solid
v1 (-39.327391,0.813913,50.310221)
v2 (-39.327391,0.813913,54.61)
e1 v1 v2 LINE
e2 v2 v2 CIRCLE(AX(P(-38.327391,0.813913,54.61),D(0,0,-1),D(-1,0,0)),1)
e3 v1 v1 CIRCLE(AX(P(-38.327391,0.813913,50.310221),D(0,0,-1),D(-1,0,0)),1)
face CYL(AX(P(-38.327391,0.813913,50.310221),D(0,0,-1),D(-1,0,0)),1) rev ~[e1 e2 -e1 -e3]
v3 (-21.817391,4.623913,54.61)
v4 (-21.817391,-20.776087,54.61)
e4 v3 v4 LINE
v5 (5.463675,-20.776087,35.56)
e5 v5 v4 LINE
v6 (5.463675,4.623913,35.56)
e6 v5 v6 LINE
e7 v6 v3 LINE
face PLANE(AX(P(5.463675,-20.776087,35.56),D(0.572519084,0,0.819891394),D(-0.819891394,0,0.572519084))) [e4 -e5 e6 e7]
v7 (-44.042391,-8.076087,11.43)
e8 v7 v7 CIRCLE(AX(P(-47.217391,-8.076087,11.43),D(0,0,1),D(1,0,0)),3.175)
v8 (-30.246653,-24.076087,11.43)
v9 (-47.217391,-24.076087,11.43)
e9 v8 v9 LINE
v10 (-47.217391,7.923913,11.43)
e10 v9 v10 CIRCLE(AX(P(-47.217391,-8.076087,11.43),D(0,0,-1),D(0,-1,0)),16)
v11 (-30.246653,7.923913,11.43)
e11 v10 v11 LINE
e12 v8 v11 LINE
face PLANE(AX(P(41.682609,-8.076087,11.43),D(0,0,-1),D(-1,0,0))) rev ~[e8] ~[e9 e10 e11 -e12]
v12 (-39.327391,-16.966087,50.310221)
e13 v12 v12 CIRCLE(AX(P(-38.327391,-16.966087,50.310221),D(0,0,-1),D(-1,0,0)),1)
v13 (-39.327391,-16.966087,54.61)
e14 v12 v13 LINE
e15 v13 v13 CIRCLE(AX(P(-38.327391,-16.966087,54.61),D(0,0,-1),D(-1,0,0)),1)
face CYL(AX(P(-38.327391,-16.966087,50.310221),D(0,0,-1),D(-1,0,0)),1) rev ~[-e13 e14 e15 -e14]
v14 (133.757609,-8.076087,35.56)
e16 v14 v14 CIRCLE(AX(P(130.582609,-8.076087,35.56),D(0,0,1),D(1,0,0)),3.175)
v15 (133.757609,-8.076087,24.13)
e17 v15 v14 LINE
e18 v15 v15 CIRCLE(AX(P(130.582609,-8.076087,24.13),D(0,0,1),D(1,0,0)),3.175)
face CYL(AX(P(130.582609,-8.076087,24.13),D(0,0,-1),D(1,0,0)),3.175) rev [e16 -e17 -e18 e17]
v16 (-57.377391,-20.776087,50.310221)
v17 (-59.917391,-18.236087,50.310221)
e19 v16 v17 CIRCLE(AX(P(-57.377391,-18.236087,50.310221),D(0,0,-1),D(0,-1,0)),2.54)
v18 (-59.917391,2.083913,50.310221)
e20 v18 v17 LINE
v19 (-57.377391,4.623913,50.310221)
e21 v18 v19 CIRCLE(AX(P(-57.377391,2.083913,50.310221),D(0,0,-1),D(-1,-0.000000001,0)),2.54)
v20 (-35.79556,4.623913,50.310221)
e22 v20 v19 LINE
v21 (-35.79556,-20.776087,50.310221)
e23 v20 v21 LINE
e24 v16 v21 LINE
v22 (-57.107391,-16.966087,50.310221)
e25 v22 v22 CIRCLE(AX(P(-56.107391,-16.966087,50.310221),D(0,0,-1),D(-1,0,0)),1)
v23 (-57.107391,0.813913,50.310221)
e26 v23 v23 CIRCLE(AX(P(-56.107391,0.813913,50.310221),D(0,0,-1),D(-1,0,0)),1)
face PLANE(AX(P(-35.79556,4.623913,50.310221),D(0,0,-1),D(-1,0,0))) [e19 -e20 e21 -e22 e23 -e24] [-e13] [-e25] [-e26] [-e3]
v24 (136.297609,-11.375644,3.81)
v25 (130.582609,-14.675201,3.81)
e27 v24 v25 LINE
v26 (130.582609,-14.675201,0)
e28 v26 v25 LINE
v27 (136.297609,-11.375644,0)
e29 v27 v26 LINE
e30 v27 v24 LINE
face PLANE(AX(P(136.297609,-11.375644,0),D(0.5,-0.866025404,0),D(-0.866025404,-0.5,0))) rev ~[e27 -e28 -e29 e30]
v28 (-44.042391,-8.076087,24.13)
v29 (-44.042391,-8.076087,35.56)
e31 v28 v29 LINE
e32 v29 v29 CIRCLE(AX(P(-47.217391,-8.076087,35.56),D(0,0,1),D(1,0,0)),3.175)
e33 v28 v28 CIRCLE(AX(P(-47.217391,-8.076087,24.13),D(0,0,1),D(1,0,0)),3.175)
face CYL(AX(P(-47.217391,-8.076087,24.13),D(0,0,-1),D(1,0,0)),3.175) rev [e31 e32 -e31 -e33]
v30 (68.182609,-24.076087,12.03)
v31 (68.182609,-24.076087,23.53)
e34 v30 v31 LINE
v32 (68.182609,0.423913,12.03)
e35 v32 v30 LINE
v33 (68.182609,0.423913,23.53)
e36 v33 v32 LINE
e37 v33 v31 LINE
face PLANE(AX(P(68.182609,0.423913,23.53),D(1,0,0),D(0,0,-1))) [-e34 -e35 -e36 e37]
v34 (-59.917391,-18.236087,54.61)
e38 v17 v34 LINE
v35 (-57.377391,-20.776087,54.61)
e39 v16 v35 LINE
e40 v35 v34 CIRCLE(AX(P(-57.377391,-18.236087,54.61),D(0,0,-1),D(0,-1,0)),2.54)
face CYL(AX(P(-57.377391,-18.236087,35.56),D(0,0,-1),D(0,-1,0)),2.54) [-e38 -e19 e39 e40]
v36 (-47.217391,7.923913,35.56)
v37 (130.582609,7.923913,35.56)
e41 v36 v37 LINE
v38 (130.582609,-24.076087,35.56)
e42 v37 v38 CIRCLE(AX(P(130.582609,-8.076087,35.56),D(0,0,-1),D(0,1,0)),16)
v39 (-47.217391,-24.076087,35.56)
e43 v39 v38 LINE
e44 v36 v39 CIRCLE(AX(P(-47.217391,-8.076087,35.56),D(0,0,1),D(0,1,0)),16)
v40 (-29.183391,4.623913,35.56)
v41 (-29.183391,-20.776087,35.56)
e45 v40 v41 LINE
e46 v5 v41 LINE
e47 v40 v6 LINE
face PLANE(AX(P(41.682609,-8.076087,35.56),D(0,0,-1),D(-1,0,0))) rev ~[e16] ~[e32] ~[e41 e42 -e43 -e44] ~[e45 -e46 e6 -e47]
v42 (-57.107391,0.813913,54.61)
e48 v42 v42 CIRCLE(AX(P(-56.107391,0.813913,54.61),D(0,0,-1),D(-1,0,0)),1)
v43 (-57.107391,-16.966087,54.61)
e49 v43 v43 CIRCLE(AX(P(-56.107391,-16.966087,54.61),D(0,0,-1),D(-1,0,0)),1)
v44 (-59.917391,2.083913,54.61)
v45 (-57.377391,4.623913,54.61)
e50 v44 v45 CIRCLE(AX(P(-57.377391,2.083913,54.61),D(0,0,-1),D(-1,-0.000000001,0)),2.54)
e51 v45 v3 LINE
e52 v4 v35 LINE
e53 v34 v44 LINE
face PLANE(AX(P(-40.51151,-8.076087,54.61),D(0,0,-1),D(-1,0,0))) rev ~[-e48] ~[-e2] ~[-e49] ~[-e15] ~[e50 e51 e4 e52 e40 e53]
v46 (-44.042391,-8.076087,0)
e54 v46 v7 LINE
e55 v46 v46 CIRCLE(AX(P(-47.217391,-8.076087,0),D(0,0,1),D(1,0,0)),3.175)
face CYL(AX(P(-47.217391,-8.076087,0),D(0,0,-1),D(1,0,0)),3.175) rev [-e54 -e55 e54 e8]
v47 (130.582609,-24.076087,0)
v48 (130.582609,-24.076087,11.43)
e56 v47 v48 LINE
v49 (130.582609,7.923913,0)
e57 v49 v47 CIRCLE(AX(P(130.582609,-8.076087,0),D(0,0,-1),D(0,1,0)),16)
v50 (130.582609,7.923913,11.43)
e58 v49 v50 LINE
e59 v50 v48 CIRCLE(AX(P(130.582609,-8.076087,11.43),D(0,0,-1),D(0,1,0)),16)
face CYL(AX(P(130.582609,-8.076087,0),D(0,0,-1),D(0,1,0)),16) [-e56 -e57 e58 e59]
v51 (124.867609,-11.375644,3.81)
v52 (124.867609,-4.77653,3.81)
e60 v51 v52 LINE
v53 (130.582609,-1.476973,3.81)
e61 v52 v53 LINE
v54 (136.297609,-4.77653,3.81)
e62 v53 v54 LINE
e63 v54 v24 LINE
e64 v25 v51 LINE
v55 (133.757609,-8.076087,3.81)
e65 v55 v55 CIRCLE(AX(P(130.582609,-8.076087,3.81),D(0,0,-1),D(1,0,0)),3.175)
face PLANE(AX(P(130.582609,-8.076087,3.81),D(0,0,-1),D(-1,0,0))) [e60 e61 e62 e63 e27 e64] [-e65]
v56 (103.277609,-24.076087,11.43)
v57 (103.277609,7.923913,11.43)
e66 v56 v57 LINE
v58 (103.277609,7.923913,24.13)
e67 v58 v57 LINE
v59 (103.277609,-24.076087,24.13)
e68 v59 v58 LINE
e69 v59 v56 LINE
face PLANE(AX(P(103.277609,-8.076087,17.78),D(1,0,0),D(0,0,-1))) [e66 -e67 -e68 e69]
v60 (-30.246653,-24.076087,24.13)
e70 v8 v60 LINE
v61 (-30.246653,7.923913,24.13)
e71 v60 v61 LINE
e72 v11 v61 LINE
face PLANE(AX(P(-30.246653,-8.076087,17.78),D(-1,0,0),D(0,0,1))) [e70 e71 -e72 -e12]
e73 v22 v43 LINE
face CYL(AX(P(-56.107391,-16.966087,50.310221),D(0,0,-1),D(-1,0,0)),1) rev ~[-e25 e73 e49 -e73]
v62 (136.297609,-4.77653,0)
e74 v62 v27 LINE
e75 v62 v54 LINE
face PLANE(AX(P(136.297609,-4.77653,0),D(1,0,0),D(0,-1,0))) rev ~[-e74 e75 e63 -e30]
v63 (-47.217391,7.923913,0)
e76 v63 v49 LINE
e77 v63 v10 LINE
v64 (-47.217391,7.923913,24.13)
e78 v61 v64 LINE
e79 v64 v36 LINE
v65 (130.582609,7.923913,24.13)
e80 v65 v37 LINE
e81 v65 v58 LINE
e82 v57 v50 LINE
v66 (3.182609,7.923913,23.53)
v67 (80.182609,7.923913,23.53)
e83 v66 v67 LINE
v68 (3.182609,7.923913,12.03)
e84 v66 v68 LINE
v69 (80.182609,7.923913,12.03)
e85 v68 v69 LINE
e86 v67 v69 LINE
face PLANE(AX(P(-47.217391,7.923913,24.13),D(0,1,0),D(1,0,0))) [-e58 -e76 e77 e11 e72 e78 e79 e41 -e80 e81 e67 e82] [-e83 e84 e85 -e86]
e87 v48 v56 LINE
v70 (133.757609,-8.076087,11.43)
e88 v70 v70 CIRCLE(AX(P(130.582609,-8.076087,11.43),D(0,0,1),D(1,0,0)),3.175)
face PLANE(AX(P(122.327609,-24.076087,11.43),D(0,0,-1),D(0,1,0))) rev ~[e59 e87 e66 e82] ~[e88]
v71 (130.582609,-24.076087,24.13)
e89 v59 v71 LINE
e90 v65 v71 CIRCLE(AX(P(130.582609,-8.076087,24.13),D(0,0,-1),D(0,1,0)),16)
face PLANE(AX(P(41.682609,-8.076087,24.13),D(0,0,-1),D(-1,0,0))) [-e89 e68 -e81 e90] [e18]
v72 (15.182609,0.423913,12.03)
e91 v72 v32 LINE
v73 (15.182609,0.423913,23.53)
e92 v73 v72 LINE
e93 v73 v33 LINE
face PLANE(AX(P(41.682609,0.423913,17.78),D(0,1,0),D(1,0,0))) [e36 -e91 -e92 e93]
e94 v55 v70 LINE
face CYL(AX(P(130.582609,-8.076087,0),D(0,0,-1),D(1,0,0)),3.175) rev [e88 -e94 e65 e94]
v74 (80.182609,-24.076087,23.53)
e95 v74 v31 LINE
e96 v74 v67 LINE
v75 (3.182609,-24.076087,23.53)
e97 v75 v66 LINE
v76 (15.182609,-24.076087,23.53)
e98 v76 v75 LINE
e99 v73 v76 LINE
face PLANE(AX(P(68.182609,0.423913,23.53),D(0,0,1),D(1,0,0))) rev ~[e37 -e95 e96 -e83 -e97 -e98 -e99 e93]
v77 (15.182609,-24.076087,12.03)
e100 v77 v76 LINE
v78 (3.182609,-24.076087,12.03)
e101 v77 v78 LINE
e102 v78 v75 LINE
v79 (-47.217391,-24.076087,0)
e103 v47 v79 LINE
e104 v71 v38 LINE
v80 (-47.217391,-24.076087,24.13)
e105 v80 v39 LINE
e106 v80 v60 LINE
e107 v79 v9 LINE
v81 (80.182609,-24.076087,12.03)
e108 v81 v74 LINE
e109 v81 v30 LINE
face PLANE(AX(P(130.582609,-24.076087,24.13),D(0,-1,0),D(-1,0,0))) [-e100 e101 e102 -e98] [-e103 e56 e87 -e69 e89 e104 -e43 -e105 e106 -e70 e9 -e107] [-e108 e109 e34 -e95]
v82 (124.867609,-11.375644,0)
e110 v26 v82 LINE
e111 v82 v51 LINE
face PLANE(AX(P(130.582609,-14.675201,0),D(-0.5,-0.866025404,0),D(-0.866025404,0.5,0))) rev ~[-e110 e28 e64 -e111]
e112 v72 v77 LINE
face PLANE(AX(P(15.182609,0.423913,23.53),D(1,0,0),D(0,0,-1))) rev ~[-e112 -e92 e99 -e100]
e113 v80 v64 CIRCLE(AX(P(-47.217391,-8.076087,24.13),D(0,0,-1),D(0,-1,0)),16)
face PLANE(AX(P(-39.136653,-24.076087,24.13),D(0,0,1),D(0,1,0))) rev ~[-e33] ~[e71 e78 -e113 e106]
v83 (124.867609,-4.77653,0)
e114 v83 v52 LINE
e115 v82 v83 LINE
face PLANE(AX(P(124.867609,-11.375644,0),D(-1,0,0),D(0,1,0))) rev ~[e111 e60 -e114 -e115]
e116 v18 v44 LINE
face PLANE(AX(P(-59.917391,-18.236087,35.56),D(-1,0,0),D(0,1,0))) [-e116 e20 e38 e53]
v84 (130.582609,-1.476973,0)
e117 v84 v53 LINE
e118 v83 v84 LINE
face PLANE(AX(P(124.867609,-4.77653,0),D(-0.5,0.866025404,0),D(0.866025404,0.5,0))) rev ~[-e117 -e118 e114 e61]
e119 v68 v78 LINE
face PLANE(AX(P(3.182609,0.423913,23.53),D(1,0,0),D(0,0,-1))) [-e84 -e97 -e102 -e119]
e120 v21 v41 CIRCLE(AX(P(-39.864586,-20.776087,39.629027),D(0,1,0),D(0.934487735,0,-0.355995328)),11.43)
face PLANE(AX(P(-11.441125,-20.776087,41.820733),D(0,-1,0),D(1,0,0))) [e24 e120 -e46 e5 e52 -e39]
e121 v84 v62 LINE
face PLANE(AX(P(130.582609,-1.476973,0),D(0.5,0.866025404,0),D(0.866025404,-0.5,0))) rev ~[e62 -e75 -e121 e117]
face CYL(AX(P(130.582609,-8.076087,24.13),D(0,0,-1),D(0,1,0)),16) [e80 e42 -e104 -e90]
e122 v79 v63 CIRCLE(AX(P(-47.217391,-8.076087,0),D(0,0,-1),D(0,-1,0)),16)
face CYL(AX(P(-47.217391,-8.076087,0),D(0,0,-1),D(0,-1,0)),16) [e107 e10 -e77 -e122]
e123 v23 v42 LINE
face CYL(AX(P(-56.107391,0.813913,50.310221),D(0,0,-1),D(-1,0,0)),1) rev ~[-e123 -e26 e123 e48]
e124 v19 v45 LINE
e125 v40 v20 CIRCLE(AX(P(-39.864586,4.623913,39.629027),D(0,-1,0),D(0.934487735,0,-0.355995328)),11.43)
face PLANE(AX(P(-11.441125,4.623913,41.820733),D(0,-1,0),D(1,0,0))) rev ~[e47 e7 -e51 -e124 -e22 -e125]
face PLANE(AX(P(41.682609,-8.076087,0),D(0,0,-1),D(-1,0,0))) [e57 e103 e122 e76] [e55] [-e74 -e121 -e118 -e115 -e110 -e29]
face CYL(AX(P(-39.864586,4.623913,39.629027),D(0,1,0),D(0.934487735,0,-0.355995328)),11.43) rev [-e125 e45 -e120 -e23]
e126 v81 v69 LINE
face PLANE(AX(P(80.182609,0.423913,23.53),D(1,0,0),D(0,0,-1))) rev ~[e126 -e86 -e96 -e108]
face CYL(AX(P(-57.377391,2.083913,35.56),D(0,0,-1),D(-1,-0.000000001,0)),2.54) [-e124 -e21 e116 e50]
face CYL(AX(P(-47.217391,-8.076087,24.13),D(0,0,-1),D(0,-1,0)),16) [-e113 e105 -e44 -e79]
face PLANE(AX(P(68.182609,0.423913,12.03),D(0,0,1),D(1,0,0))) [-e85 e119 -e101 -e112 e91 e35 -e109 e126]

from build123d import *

# Parameters (mm, degrees)
SKETCH1_R           = 3.175
BOSS_EXTRUDE1_DEPTH = 11.43
SKETCH2_W           = 161.464261653
SKETCH2_H           = 32
BOSS_EXTRUDE2_DEPTH = 12.7
SKETCH5_R           = 3.175
BOSS_EXTRUDE3_DEPTH = 11.43
SKETCH6_W           = 77
SKETCH6_H           = 11.5
CUT_EXTRUDE1_DEPTH  = 7.5
BOSS_EXTRUDE4_DEPTH = 19.05
CUT_EXTRUDE3_DEPTH  = 30.48
BOSS_EXTRUDE5_DEPTH = 25.4
SKETCH7_W           = 12
SKETCH7_H           = 11.5
CUT_EXTRUDE4_DEPTH  = 50.8
SKETCH7_5_W         = 12
SKETCH7_5_H         = 11.5
CUT_EXTRUDE5_DEPTH  = 50.8
SKETCH16_W          = 12.7
SKETCH16_H          = 32
CUT_EXTRUDE6_DEPTH  = 8.89
SKETCH17_R          = 1
CUT_EXTRUDE7_DEPTH  = 4.299778595
SKETCH18_W          = 12.7
SKETCH18_H          = 32
CUT_EXTRUDE8_DEPTH  = 19.05
CUT_EXTRUDE9_DEPTH  = 3.81


with BuildPart() as part:
    # Sketch1 → Boss-Extrude1 (new body)
    with BuildSketch(Plane.XY):
        with BuildLine():
            Line((-47.217391304, 7.923913043), (130.582608696, 7.923913043))
            ThreePointArc((130.582608696, 7.923913043), (146.582608696, -8.076086957), (130.582608696, -24.076086957))
            Line((130.582608696, -24.076086957), (-47.217391304, -24.076086957))
            ThreePointArc((-47.217391304, -24.076086957), (-63.217391304, -8.076086957), (-47.217391304, 7.923913043))
        make_face()
        with Locations((-47.217391304, -8.076086957)):
            Circle(SKETCH1_R, mode=Mode.SUBTRACT)
        with Locations((130.582608696, -8.076086957)):
            Circle(SKETCH1_R, mode=Mode.SUBTRACT)
    extrude(amount=BOSS_EXTRUDE1_DEPTH)

    # Sketch2 → Boss-Extrude2 (add)
    with BuildSketch(Plane.XY.offset(11.43)):
        with Locations((41.59547787, -8.076086957)):
            Rectangle(SKETCH2_W, SKETCH2_H)
    extrude(amount=BOSS_EXTRUDE2_DEPTH)

    # Sketch5 → Boss-Extrude3 (add)
    with BuildSketch(Plane.XY.offset(24.13)):
        with BuildLine():
            Line((-47.217391304, 7.923913043), (130.582608696, 7.923913043))
            ThreePointArc((130.582608696, 7.923913043), (146.582608696, -8.076086957), (130.582608696, -24.076086957))
            Line((130.582608696, -24.076086957), (-47.217391304, -24.076086957))
            ThreePointArc((-47.217391304, -24.076086957), (-63.217391304, -8.076086957), (-47.217391304, 7.923913043))
        make_face()
        with Locations((-47.217391304, -8.076086957)):
            Circle(SKETCH5_R, mode=Mode.SUBTRACT)
        with Locations((130.582608696, -8.076086957)):
            Circle(SKETCH5_R, mode=Mode.SUBTRACT)
    extrude(amount=BOSS_EXTRUDE3_DEPTH)

    # Sketch6 → Cut-Extrude1 (cut)
    with BuildSketch(Plane(origin=(0, 7.923913043, 0), x_dir=(1, 0, 0), z_dir=(0, 1, 0))):
        with Locations((41.682608696, -17.78)):
            Rectangle(SKETCH6_W, SKETCH6_H)
    extrude(amount=-CUT_EXTRUDE1_DEPTH, mode=Mode.SUBTRACT)

    # Sketch10 → Boss-Extrude4 (add)
    with BuildSketch(Plane.XY.offset(35.56)):
        with BuildLine():
            Line((-34.517391304, -20.776086957), (-57.377391304, -20.776086957))
            ThreePointArc((-57.377391304, -20.776086957), (-59.173442529, -20.032138181), (-59.917391304, -18.236086957))
            Line((-59.917391304, -18.236086957), (-59.917391304, 2.083913043))
            ThreePointArc((-59.917391304, 2.083913043), (-59.173442529, 3.879964268), (-57.377391304, 4.623913043))
            Line((-57.377391304, 4.623913043), (-34.517391304, 4.623913043))
            Line((-34.517391304, 4.623913043), (-21.817391304, 4.623913043))
            Line((-21.817391304, 4.623913043), (-21.817391304, -20.776086957))
            Line((-21.817391304, -20.776086957), (-34.517391304, -20.776086957))
        make_face()
    extrude(amount=BOSS_EXTRUDE4_DEPTH)

    # Sketch14 → Cut-Extrude3 (cut)
    with BuildSketch(Plane(origin=(0, 4.623913043, 0), x_dir=(1, 0, 0), z_dir=(0, 1, 0))):
        with BuildLine():
            Line((-59.917391304, -35.56), (-29.183391304, -35.56))
            ThreePointArc((-29.183391304, -35.56), (-29.434604535, -44.304535578), (-35.79555952, -50.310221405))
            Line((-35.79555952, -50.310221405), (-59.917391304, -50.310221405))
            Line((-59.917391304, -50.310221405), (-59.917391304, -35.56))
        make_face()
    extrude(amount=-CUT_EXTRUDE3_DEPTH, mode=Mode.SUBTRACT)

    # Sketch15 → Boss-Extrude5 (add)
    with BuildSketch(Plane.XZ.offset(20.776086957)):
        Polygon((-21.817391304, 35.56), (5.46367495, 35.56), (-21.817391304, 54.61), align=None)
    extrude(amount=-BOSS_EXTRUDE5_DEPTH)

    # Sketch7 → Cut-Extrude4 (cut)
    with BuildSketch(Plane(origin=(0, 0.423913043, 0), x_dir=(1, 0, 0), z_dir=(0, 1, 0))):
        with Locations((74.182608696, -17.78)):
            Rectangle(SKETCH7_W, SKETCH7_H)
    extrude(amount=-CUT_EXTRUDE4_DEPTH, mode=Mode.SUBTRACT)

    # Sketch7<5> → Cut-Extrude5 (cut)
    with BuildSketch(Plane(origin=(0, 0.423913043, 0), x_dir=(1, 0, 0), z_dir=(0, 1, 0))):
        with Locations((9.182608696, -17.78)):
            Rectangle(SKETCH7_5_W, SKETCH7_5_H)
    extrude(amount=-CUT_EXTRUDE5_DEPTH, mode=Mode.SUBTRACT)

    # Sketch16 → Cut-Extrude6 (cut)
    with BuildSketch(Plane.ZY.offset(39.136652957)):
        with Locations((17.78, -8.076086957)):
            Rectangle(SKETCH16_W, SKETCH16_H)
    extrude(amount=-CUT_EXTRUDE6_DEPTH, mode=Mode.SUBTRACT)

    # Sketch17 → Cut-Extrude7 (cut)
    with BuildSketch(Plane(origin=(0, 0, 50.310221405), x_dir=(-1, 0, 0), z_dir=(0, 0, -1))):
        with Locations((38.327391304, 0.813913043)):
            Circle(SKETCH17_R)
        with Locations((56.107391304, 0.813913043)):
            Circle(SKETCH17_R)
        with Locations((56.107391304, -16.966086957)):
            Circle(SKETCH17_R)
        with Locations((38.327391304, -16.966086957)):
            Circle(SKETCH17_R)
    extrude(amount=-CUT_EXTRUDE7_DEPTH, mode=Mode.SUBTRACT)

    # Sketch18 → Cut-Extrude8 (cut)
    with BuildSketch(Plane(origin=(122.327608696, 0, 0), x_dir=(0, 0, -1), z_dir=(1, 0, 0))):
        with Locations((-17.78, -8.076086957)):
            Rectangle(SKETCH18_W, SKETCH18_H)
    extrude(amount=-CUT_EXTRUDE8_DEPTH, mode=Mode.SUBTRACT)

    # Sketch19 → Cut-Extrude9 (cut)
    with BuildSketch(Plane(origin=(0, 0, 0), x_dir=(-1, 0, 0), z_dir=(0, 0, -1))):
        Polygon((-130.582608696, -1.47697338), (-136.297608696, -4.776530168), (-136.297608696, -11.375643745), (-130.582608696, -14.675200533), (-124.867608696, -11.375643745), (-124.867608696, -4.776530168), align=None)
    extrude(amount=-CUT_EXTRUDE9_DEPTH, mode=Mode.SUBTRACT)


solid = part.part
